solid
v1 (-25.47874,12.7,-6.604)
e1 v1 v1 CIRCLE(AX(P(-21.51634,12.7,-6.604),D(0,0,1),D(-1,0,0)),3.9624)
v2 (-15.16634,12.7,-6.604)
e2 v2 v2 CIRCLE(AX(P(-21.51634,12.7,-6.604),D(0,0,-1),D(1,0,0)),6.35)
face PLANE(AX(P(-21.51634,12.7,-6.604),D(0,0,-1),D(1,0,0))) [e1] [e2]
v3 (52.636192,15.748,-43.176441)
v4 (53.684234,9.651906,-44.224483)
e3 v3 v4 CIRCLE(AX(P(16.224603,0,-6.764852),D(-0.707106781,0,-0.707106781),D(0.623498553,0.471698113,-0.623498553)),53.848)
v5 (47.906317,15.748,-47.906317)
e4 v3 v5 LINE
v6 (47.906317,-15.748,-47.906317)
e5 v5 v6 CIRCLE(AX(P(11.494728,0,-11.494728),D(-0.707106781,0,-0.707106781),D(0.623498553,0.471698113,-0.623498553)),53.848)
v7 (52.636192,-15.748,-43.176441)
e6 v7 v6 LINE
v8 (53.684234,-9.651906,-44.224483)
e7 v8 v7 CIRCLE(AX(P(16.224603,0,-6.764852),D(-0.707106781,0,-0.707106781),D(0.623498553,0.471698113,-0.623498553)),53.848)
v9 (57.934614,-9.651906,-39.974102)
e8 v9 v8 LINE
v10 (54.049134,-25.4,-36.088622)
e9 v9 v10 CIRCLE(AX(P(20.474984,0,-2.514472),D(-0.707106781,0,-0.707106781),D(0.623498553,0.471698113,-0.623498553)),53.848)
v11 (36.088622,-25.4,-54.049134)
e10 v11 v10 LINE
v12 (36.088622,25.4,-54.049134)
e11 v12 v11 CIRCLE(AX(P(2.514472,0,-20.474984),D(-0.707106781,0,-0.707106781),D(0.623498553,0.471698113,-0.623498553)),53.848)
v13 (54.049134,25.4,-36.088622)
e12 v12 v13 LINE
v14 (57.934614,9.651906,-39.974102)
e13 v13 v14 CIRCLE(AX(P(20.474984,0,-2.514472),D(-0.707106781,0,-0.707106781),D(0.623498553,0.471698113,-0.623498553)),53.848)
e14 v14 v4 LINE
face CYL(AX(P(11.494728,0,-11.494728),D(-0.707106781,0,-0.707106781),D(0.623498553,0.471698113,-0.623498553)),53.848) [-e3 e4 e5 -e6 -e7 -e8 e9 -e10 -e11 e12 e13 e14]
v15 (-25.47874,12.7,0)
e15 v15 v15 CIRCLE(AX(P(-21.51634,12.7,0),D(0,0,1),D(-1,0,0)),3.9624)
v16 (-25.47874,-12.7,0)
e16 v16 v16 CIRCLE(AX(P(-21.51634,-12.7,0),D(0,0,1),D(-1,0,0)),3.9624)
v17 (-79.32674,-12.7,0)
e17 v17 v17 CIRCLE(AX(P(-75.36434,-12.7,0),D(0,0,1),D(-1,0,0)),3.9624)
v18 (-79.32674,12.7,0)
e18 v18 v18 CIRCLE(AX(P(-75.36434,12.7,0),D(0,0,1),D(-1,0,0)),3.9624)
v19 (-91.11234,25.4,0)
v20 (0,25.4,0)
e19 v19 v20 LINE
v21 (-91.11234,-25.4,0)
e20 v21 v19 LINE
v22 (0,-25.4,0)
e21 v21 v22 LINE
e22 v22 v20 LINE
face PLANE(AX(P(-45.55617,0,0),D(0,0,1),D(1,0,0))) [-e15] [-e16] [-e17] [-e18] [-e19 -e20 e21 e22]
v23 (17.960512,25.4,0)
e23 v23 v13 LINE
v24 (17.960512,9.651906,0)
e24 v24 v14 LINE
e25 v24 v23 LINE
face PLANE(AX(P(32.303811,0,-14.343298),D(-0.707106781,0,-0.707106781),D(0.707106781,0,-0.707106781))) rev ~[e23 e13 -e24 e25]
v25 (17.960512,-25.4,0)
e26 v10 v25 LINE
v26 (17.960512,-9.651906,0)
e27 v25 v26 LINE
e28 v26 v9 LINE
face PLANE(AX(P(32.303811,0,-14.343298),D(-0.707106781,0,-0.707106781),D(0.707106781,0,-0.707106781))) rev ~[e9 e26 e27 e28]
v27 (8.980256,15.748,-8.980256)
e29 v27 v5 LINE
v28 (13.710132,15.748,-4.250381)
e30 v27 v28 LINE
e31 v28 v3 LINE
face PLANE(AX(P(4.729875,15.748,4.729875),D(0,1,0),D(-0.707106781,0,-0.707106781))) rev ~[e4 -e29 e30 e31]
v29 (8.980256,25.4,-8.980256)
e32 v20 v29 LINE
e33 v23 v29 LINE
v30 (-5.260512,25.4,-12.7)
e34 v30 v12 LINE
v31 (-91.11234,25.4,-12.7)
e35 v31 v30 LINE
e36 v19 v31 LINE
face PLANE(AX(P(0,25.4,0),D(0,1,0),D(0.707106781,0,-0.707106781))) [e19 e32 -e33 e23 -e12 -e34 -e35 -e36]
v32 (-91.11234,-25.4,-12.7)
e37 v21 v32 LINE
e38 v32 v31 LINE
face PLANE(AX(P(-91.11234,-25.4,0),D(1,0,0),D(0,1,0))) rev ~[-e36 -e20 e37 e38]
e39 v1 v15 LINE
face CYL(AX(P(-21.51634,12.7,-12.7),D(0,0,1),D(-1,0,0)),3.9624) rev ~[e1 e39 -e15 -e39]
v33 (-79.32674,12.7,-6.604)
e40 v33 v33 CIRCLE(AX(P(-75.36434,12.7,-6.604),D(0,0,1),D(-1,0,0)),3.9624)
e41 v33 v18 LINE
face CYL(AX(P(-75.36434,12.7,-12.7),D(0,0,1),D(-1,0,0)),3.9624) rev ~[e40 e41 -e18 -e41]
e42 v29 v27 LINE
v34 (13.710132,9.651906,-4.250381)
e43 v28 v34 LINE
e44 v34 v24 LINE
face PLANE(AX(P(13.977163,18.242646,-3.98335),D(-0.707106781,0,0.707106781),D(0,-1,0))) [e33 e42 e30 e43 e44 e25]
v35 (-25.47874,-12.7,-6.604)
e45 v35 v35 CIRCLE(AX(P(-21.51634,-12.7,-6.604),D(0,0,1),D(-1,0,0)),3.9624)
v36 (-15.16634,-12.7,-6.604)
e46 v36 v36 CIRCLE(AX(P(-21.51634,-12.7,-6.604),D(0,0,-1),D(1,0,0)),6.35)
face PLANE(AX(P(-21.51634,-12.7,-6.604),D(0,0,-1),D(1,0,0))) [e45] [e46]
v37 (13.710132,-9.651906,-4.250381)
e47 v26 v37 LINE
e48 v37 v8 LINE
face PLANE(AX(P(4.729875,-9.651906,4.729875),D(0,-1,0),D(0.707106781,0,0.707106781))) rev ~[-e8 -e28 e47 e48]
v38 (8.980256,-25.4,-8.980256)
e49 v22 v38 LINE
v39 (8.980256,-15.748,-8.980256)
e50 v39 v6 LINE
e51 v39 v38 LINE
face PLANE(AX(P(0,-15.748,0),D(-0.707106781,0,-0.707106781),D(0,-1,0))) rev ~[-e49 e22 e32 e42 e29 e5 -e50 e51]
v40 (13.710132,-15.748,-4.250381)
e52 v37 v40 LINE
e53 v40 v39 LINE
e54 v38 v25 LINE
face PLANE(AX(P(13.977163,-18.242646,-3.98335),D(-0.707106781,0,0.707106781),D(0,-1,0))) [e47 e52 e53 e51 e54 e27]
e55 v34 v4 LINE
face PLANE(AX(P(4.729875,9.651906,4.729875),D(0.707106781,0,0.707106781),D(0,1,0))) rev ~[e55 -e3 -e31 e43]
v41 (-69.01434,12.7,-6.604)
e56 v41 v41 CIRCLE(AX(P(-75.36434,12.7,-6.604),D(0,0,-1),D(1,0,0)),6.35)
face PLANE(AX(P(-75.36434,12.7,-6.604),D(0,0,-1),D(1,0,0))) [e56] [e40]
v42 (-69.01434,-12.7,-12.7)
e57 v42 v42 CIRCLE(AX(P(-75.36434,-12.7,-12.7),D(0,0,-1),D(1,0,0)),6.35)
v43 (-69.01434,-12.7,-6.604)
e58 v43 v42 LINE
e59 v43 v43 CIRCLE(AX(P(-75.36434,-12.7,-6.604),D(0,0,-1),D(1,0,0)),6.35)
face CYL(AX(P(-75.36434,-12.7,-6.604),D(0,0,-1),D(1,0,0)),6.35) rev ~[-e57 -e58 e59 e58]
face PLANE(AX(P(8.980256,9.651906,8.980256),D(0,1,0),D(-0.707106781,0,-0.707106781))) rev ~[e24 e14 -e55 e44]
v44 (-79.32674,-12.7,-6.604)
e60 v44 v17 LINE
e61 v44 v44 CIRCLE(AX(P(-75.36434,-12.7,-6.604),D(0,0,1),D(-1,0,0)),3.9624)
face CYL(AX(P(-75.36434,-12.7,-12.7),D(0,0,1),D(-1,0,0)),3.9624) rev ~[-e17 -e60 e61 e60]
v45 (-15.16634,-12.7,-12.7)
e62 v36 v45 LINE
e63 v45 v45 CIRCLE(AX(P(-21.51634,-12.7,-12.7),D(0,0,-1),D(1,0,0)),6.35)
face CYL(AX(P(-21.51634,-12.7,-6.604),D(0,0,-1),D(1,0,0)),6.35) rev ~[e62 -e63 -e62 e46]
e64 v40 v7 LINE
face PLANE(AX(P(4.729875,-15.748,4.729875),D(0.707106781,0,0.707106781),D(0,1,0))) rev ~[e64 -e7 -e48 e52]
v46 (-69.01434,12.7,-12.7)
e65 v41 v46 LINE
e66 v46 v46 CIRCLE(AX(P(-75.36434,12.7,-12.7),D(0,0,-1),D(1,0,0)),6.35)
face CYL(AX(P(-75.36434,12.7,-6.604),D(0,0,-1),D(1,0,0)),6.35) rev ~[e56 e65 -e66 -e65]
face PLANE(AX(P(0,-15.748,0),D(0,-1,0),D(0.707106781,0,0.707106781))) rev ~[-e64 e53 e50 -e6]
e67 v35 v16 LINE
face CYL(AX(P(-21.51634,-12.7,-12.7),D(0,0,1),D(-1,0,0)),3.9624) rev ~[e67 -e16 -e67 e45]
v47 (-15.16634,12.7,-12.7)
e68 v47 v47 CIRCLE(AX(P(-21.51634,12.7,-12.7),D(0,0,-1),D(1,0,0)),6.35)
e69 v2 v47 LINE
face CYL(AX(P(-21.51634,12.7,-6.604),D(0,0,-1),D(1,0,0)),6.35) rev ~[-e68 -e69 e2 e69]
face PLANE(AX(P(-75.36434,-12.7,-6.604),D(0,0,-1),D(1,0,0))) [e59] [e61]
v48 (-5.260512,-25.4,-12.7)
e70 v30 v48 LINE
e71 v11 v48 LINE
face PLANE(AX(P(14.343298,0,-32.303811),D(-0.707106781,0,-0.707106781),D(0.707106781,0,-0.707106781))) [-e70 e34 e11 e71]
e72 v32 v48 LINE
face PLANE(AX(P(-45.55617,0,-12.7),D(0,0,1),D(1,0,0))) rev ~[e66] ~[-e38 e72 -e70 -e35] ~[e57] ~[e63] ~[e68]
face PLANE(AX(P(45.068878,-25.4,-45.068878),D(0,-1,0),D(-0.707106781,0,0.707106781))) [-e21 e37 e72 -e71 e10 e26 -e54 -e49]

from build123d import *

# Parameters (mm, degrees)
F0_W           = 91.11234
F0_H           = 50.8
F3_DEPTH       = 12.7
F4_DEPTH       = 12.7
F6_DEPTH       = 82.805
F7_DEPTH       = 12.7
F9_D           = 7.9248
F9_CBORE_D     = 12.7
F9_CBORE_DEPTH = 6.096


with BuildPart() as f3:
    # F0 (on Top) → F3 (new body)
    with BuildSketch(Plane.XY):
        with Locations((-45.55617, 0)):
            Rectangle(F0_W, F0_H)
    extrude(amount=-F3_DEPTH)

    # F2 (on line) → F4 (join, symmetric)
    with BuildSketch(Plane(origin=(0, 0, 0), x_dir=(0.7071067812, 0, -0.7071067812), z_dir=(-0.7071067812, 0, -0.7071067812))):
        with BuildLine():
            Line((63.7370183547, 25.4), (0, 25.4))
            Line((0, 25.4), (0, -25.4))
            Line((0, -25.4), (63.7370183547, -25.4))
            ThreePointArc((63.7370183547, -25.4), (70.104, 0), (63.7370183547, 25.4))
        make_face()
    extrude(amount=F4_DEPTH, both=True)

    # F5 (on face) → F6 (cut, through all)
    with BuildSketch(Plane(origin=(0, 0, 0), x_dir=(0, -1, 0), z_dir=(-0.7071067812, 0, 0.7071067812))):
        Polygon((-15.748, 6.6890539291), (-15.748, 0), (15.748, 0), (15.748, 6.6890539291), (9.6519063121, 6.6890539291), (9.6519063121, 12.7), (-9.6519063121, 12.7), (-9.6519063121, 6.6890539291), align=None)
    extrude(amount=-F6_DEPTH, mode=Mode.SUBTRACT)

    # F5 (on face) → F7 (cut)
    with BuildSketch(Plane(origin=(0, 0, 0), x_dir=(0, -1, 0), z_dir=(-0.7071067812, 0, 0.7071067812))):
        Polygon((-25.4, 12.7), (-25.4, 0), (-15.748, 0), (-15.748, 6.6890539291), (-9.6519063121, 6.6890539291), (-9.6519063121, 12.7), align=None)
        Polygon((15.748, 6.6890539291), (15.748, 0), (25.4, 0), (25.4, 12.7), (9.6519063121, 12.7), (9.6519063121, 6.6890539291), align=None)
    extrude(amount=-F7_DEPTH, mode=Mode.SUBTRACT)

    # F9 (through all)
    with Locations(Plane(origin=(0, 0, -12.7), x_dir=(1, 0, 0), z_dir=(0, 0, -1))):
        with Locations((-75.36434, 12.7), (-75.36434, -12.7), (-21.51634, 12.7), (-21.51634, -12.7)):
            CounterBoreHole(F9_D / 2, F9_CBORE_D / 2, F9_CBORE_DEPTH)


solid = f3.part
